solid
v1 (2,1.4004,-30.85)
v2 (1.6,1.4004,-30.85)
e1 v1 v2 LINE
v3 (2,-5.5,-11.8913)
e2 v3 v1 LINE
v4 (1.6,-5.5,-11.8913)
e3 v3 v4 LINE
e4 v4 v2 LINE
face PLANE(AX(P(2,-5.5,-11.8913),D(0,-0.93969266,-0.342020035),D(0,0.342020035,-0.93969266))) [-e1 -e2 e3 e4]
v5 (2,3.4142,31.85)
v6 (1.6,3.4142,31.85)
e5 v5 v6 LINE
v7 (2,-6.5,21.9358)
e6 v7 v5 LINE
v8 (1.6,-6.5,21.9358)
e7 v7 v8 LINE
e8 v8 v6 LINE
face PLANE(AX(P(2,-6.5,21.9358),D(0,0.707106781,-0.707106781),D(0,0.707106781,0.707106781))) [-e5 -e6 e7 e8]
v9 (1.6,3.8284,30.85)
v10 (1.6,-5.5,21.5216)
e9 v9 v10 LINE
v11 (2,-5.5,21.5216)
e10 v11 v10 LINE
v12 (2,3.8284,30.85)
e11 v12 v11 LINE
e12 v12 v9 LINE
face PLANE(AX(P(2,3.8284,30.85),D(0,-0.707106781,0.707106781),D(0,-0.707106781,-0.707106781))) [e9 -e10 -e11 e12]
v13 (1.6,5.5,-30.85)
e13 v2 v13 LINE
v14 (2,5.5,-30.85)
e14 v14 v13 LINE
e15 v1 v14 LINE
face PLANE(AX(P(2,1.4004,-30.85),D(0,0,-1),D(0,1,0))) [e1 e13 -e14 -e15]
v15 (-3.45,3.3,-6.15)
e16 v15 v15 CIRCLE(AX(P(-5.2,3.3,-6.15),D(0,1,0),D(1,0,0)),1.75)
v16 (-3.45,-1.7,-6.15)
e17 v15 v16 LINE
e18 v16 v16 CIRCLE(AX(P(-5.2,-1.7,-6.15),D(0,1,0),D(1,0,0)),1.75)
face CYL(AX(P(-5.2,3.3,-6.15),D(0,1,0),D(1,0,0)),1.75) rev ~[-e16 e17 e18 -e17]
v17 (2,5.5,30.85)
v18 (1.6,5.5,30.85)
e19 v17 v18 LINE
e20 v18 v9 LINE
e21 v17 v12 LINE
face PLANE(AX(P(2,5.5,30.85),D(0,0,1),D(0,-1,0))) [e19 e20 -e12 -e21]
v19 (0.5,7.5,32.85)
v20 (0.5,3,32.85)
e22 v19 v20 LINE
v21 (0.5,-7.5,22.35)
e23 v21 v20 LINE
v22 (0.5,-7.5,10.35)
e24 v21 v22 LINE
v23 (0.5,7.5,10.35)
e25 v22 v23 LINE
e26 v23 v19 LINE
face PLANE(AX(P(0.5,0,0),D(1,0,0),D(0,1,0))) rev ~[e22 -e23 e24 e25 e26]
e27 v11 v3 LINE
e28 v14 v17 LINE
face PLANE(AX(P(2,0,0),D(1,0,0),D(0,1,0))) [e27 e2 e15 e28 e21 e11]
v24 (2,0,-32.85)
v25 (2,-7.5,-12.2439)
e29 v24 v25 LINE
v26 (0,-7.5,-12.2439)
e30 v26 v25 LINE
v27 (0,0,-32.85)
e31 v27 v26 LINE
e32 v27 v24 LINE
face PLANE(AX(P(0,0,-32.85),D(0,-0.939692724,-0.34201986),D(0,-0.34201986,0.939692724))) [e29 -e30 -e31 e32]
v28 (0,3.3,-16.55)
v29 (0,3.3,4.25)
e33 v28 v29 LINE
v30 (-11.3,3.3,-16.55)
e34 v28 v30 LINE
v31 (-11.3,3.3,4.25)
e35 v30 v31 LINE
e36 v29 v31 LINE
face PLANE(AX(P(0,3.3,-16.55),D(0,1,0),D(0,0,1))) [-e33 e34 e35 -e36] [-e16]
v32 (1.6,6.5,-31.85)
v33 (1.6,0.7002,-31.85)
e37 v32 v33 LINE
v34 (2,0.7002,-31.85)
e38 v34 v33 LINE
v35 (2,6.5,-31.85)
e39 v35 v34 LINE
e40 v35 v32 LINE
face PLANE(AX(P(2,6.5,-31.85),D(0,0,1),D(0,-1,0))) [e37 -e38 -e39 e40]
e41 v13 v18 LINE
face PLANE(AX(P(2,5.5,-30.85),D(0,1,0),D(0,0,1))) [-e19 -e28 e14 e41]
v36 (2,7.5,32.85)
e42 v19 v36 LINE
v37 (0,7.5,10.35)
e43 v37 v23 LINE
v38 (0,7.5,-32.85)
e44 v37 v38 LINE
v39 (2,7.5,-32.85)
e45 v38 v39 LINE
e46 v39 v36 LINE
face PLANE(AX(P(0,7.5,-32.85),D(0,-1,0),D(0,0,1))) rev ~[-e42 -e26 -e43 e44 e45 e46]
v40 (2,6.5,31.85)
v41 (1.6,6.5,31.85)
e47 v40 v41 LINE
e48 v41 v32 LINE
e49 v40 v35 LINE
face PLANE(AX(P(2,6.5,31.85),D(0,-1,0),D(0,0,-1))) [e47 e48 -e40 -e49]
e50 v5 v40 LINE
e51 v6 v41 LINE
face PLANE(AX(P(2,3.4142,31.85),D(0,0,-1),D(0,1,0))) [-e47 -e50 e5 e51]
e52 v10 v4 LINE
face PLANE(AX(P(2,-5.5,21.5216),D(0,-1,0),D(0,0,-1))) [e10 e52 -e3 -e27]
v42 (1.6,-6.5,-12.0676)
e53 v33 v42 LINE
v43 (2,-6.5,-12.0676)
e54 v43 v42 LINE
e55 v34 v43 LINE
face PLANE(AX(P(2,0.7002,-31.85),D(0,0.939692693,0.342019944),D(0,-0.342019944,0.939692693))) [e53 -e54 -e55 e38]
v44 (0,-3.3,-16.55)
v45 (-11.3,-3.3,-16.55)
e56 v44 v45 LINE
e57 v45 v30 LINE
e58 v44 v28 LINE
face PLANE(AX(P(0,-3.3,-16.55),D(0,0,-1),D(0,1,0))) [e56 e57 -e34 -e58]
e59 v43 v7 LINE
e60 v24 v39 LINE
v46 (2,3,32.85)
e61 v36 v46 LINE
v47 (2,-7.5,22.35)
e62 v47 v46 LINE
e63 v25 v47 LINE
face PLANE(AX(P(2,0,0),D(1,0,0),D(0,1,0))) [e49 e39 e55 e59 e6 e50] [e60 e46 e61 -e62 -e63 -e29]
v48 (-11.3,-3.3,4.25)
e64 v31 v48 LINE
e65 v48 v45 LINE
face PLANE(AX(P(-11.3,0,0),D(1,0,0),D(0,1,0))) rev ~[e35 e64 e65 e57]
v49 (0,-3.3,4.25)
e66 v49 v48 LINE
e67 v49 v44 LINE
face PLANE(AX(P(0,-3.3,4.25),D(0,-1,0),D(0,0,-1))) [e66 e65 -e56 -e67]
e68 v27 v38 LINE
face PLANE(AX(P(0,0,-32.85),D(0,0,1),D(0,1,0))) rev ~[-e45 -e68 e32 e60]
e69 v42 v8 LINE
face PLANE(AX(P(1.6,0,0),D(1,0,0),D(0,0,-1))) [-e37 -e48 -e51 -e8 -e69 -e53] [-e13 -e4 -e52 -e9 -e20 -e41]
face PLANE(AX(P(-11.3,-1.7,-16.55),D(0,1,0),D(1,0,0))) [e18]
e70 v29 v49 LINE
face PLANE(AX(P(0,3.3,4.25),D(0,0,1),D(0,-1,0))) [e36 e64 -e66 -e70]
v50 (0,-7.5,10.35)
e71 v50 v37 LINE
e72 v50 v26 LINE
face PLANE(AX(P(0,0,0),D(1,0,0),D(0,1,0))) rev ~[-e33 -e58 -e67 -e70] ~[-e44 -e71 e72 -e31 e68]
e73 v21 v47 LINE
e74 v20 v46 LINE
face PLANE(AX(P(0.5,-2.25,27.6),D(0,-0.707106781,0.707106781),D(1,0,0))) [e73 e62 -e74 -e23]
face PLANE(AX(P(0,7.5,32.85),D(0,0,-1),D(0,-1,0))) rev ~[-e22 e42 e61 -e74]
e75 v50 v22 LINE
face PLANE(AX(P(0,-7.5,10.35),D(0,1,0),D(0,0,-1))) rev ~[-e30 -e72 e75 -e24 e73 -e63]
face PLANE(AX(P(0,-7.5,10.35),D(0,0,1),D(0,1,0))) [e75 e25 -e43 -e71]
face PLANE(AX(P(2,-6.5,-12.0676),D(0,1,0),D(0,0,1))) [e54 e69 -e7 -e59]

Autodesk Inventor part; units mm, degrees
ref_plane "YZ Plane" through (0, 0, 0) normal (1, 0, 0) x (0, 1, 0)
ref_plane "XZ Plane" through (0, 0, 0) normal (0, 1, 0) x (-1, 0, 0)
ref_plane "XY Plane" through (0, 0, 0) normal (0, 0, 1) x (1, 0, 0)
sketch "Эскиз1" plane through (0, 0, 0) normal (1, 0, 0) x (0, 1, 0)
  line L0 (-7.5, -32.85) -> (7.5, -32.85)
  line L1 (7.5, -32.85) -> (7.5, 32.85)
  line L2 (7.5, 32.85) -> (-7.5, 32.85)
  line L3 (-7.5, 32.85) -> (-7.5, -32.85)
  line L4 (-7.5, -32.85) -> (7.5, 32.85) construction
  line L5 (7.5, -32.85) -> (-7.5, 32.85) construction
  line L6 (0, -32.85) -> (0, -16.55) construction
  line L7 (3.3, 4.25) -> (-3.3, 4.25)
  line L8 (-3.3, 4.25) -> (-3.3, -16.55)
  line L9 (-3.3, -16.55) -> (3.3, -16.55)
  line L10 (3.3, -16.55) -> (3.3, 4.25)
  line L11 (7.5, 32.85) -> (-7.5, 32.85)
  line L12 (-7.5, 32.85) -> (-7.5, 10.35)
  line L13 (-7.5, 10.35) -> (7.5, 10.35)
  line L14 (7.5, 10.35) -> (7.5, 32.85)
  line L15 (0, -32.85) -> (-7.5, -12.2439)
  line L16 (0, -32.85) -> (21.9285, -32.85) construction
  point P0 (0, 0)
  point P1 (7.5, 10.35)
  dimension "d0" = 15
  dimension "d1" = 65.7
  dimension "d2" = 16.3
  dimension "d3" = 6.6
  dimension "d4" = 20.8
  dimension "d5" = 22.5
  dimension "d25" = 110
extrude "Выдавливание1" add sketch "Эскиз1" along normal blind 2 contours L15 L3 L13 L1 L0 | L3 L2 L1 L13 | L10 L9 L8 L7
extrude "Выдавливание2" add sketch "Эскиз1" against normal blind 11.3 contours L10 L9 L8 L7
extrude "Выдавливание3" cut sketch "Эскиз1" along normal blind 0.5 contours L3 L2 L1 L13
chamfer "Фаска2" distance 10.5 angle 45 1 edges at (1.25, -7.5, 32.85)
sketch "Эскиз2" plane through (2, 0, 0) normal (1, 0, 0) x (0, 0, -1)
  line L0 (-22.35, -7.5) -> (-32.85, 3) projected
  line L1 (-22.35, -7.5) -> (12.2439, -7.5) projected
  line L2 (32.85, 0) -> (32.85, 7.5) projected
  line L3 (32.85, 7.5) -> (-32.85, 7.5) projected
  line L4 (-32.85, 7.5) -> (-32.85, 3) projected
  line L5 (12.2439, -7.5) -> (32.85, 0) projected
  line L6 (31.85, 0.7002) -> (12.0676, -6.5)
  line L7 (12.0676, -6.5) -> (-21.9358, -6.5)
  line L8 (-21.9358, -6.5) -> (-31.85, 3.4142)
  line L9 (-31.85, 3.4142) -> (-31.85, 6.5)
  line L10 (-31.85, 6.5) -> (31.85, 6.5)
  line L11 (31.85, 6.5) -> (31.85, 0.7002)
  line L12 (30.85, 5.5) -> (-30.85, 5.5)
  line L13 (-30.85, 5.5) -> (-30.85, 3.8284)
  line L14 (-30.85, 3.8284) -> (-21.5216, -5.5)
  line L15 (-21.5216, -5.5) -> (11.8913, -5.5)
  line L16 (11.8913, -5.5) -> (30.85, 1.4004)
  line L17 (30.85, 1.4004) -> (30.85, 5.5)
  point P0 (0, 0)
  dimension "d26" = 1
  dimension "d32" = 1
extrude "Выдавливание5" cut sketch "Эскиз2" against normal blind 0.4 contours L6 L7 L8 L9 L10 L11
sketch "Эскиз3" plane through (-11.3, 3.3, -16.55) normal (0, 1, 0) x (1, 0, 0)
  line L0 (0, 0) -> (0, -20.8) projected
  line L1 (0, 0) -> (6.1, 0) construction
  line L2 (6.1, 0) -> (6.1, -10.4) construction
  line L3 (6.1, -10.4) -> (0, -10.4) construction
  line L4 (0, -10.4) -> (0, 0) construction
  circle A0 centre (6.1, -10.4) radius 1.75
  point P0 (11.3, -16.55)
  dimension "d27" = 6.1
  dimension "d28" = 10.4
  dimension "d29" = 3.5
extrude "Выдавливание6" cut sketch "Эскиз3" against normal blind 5
properties part number "switch_cap_bl"
